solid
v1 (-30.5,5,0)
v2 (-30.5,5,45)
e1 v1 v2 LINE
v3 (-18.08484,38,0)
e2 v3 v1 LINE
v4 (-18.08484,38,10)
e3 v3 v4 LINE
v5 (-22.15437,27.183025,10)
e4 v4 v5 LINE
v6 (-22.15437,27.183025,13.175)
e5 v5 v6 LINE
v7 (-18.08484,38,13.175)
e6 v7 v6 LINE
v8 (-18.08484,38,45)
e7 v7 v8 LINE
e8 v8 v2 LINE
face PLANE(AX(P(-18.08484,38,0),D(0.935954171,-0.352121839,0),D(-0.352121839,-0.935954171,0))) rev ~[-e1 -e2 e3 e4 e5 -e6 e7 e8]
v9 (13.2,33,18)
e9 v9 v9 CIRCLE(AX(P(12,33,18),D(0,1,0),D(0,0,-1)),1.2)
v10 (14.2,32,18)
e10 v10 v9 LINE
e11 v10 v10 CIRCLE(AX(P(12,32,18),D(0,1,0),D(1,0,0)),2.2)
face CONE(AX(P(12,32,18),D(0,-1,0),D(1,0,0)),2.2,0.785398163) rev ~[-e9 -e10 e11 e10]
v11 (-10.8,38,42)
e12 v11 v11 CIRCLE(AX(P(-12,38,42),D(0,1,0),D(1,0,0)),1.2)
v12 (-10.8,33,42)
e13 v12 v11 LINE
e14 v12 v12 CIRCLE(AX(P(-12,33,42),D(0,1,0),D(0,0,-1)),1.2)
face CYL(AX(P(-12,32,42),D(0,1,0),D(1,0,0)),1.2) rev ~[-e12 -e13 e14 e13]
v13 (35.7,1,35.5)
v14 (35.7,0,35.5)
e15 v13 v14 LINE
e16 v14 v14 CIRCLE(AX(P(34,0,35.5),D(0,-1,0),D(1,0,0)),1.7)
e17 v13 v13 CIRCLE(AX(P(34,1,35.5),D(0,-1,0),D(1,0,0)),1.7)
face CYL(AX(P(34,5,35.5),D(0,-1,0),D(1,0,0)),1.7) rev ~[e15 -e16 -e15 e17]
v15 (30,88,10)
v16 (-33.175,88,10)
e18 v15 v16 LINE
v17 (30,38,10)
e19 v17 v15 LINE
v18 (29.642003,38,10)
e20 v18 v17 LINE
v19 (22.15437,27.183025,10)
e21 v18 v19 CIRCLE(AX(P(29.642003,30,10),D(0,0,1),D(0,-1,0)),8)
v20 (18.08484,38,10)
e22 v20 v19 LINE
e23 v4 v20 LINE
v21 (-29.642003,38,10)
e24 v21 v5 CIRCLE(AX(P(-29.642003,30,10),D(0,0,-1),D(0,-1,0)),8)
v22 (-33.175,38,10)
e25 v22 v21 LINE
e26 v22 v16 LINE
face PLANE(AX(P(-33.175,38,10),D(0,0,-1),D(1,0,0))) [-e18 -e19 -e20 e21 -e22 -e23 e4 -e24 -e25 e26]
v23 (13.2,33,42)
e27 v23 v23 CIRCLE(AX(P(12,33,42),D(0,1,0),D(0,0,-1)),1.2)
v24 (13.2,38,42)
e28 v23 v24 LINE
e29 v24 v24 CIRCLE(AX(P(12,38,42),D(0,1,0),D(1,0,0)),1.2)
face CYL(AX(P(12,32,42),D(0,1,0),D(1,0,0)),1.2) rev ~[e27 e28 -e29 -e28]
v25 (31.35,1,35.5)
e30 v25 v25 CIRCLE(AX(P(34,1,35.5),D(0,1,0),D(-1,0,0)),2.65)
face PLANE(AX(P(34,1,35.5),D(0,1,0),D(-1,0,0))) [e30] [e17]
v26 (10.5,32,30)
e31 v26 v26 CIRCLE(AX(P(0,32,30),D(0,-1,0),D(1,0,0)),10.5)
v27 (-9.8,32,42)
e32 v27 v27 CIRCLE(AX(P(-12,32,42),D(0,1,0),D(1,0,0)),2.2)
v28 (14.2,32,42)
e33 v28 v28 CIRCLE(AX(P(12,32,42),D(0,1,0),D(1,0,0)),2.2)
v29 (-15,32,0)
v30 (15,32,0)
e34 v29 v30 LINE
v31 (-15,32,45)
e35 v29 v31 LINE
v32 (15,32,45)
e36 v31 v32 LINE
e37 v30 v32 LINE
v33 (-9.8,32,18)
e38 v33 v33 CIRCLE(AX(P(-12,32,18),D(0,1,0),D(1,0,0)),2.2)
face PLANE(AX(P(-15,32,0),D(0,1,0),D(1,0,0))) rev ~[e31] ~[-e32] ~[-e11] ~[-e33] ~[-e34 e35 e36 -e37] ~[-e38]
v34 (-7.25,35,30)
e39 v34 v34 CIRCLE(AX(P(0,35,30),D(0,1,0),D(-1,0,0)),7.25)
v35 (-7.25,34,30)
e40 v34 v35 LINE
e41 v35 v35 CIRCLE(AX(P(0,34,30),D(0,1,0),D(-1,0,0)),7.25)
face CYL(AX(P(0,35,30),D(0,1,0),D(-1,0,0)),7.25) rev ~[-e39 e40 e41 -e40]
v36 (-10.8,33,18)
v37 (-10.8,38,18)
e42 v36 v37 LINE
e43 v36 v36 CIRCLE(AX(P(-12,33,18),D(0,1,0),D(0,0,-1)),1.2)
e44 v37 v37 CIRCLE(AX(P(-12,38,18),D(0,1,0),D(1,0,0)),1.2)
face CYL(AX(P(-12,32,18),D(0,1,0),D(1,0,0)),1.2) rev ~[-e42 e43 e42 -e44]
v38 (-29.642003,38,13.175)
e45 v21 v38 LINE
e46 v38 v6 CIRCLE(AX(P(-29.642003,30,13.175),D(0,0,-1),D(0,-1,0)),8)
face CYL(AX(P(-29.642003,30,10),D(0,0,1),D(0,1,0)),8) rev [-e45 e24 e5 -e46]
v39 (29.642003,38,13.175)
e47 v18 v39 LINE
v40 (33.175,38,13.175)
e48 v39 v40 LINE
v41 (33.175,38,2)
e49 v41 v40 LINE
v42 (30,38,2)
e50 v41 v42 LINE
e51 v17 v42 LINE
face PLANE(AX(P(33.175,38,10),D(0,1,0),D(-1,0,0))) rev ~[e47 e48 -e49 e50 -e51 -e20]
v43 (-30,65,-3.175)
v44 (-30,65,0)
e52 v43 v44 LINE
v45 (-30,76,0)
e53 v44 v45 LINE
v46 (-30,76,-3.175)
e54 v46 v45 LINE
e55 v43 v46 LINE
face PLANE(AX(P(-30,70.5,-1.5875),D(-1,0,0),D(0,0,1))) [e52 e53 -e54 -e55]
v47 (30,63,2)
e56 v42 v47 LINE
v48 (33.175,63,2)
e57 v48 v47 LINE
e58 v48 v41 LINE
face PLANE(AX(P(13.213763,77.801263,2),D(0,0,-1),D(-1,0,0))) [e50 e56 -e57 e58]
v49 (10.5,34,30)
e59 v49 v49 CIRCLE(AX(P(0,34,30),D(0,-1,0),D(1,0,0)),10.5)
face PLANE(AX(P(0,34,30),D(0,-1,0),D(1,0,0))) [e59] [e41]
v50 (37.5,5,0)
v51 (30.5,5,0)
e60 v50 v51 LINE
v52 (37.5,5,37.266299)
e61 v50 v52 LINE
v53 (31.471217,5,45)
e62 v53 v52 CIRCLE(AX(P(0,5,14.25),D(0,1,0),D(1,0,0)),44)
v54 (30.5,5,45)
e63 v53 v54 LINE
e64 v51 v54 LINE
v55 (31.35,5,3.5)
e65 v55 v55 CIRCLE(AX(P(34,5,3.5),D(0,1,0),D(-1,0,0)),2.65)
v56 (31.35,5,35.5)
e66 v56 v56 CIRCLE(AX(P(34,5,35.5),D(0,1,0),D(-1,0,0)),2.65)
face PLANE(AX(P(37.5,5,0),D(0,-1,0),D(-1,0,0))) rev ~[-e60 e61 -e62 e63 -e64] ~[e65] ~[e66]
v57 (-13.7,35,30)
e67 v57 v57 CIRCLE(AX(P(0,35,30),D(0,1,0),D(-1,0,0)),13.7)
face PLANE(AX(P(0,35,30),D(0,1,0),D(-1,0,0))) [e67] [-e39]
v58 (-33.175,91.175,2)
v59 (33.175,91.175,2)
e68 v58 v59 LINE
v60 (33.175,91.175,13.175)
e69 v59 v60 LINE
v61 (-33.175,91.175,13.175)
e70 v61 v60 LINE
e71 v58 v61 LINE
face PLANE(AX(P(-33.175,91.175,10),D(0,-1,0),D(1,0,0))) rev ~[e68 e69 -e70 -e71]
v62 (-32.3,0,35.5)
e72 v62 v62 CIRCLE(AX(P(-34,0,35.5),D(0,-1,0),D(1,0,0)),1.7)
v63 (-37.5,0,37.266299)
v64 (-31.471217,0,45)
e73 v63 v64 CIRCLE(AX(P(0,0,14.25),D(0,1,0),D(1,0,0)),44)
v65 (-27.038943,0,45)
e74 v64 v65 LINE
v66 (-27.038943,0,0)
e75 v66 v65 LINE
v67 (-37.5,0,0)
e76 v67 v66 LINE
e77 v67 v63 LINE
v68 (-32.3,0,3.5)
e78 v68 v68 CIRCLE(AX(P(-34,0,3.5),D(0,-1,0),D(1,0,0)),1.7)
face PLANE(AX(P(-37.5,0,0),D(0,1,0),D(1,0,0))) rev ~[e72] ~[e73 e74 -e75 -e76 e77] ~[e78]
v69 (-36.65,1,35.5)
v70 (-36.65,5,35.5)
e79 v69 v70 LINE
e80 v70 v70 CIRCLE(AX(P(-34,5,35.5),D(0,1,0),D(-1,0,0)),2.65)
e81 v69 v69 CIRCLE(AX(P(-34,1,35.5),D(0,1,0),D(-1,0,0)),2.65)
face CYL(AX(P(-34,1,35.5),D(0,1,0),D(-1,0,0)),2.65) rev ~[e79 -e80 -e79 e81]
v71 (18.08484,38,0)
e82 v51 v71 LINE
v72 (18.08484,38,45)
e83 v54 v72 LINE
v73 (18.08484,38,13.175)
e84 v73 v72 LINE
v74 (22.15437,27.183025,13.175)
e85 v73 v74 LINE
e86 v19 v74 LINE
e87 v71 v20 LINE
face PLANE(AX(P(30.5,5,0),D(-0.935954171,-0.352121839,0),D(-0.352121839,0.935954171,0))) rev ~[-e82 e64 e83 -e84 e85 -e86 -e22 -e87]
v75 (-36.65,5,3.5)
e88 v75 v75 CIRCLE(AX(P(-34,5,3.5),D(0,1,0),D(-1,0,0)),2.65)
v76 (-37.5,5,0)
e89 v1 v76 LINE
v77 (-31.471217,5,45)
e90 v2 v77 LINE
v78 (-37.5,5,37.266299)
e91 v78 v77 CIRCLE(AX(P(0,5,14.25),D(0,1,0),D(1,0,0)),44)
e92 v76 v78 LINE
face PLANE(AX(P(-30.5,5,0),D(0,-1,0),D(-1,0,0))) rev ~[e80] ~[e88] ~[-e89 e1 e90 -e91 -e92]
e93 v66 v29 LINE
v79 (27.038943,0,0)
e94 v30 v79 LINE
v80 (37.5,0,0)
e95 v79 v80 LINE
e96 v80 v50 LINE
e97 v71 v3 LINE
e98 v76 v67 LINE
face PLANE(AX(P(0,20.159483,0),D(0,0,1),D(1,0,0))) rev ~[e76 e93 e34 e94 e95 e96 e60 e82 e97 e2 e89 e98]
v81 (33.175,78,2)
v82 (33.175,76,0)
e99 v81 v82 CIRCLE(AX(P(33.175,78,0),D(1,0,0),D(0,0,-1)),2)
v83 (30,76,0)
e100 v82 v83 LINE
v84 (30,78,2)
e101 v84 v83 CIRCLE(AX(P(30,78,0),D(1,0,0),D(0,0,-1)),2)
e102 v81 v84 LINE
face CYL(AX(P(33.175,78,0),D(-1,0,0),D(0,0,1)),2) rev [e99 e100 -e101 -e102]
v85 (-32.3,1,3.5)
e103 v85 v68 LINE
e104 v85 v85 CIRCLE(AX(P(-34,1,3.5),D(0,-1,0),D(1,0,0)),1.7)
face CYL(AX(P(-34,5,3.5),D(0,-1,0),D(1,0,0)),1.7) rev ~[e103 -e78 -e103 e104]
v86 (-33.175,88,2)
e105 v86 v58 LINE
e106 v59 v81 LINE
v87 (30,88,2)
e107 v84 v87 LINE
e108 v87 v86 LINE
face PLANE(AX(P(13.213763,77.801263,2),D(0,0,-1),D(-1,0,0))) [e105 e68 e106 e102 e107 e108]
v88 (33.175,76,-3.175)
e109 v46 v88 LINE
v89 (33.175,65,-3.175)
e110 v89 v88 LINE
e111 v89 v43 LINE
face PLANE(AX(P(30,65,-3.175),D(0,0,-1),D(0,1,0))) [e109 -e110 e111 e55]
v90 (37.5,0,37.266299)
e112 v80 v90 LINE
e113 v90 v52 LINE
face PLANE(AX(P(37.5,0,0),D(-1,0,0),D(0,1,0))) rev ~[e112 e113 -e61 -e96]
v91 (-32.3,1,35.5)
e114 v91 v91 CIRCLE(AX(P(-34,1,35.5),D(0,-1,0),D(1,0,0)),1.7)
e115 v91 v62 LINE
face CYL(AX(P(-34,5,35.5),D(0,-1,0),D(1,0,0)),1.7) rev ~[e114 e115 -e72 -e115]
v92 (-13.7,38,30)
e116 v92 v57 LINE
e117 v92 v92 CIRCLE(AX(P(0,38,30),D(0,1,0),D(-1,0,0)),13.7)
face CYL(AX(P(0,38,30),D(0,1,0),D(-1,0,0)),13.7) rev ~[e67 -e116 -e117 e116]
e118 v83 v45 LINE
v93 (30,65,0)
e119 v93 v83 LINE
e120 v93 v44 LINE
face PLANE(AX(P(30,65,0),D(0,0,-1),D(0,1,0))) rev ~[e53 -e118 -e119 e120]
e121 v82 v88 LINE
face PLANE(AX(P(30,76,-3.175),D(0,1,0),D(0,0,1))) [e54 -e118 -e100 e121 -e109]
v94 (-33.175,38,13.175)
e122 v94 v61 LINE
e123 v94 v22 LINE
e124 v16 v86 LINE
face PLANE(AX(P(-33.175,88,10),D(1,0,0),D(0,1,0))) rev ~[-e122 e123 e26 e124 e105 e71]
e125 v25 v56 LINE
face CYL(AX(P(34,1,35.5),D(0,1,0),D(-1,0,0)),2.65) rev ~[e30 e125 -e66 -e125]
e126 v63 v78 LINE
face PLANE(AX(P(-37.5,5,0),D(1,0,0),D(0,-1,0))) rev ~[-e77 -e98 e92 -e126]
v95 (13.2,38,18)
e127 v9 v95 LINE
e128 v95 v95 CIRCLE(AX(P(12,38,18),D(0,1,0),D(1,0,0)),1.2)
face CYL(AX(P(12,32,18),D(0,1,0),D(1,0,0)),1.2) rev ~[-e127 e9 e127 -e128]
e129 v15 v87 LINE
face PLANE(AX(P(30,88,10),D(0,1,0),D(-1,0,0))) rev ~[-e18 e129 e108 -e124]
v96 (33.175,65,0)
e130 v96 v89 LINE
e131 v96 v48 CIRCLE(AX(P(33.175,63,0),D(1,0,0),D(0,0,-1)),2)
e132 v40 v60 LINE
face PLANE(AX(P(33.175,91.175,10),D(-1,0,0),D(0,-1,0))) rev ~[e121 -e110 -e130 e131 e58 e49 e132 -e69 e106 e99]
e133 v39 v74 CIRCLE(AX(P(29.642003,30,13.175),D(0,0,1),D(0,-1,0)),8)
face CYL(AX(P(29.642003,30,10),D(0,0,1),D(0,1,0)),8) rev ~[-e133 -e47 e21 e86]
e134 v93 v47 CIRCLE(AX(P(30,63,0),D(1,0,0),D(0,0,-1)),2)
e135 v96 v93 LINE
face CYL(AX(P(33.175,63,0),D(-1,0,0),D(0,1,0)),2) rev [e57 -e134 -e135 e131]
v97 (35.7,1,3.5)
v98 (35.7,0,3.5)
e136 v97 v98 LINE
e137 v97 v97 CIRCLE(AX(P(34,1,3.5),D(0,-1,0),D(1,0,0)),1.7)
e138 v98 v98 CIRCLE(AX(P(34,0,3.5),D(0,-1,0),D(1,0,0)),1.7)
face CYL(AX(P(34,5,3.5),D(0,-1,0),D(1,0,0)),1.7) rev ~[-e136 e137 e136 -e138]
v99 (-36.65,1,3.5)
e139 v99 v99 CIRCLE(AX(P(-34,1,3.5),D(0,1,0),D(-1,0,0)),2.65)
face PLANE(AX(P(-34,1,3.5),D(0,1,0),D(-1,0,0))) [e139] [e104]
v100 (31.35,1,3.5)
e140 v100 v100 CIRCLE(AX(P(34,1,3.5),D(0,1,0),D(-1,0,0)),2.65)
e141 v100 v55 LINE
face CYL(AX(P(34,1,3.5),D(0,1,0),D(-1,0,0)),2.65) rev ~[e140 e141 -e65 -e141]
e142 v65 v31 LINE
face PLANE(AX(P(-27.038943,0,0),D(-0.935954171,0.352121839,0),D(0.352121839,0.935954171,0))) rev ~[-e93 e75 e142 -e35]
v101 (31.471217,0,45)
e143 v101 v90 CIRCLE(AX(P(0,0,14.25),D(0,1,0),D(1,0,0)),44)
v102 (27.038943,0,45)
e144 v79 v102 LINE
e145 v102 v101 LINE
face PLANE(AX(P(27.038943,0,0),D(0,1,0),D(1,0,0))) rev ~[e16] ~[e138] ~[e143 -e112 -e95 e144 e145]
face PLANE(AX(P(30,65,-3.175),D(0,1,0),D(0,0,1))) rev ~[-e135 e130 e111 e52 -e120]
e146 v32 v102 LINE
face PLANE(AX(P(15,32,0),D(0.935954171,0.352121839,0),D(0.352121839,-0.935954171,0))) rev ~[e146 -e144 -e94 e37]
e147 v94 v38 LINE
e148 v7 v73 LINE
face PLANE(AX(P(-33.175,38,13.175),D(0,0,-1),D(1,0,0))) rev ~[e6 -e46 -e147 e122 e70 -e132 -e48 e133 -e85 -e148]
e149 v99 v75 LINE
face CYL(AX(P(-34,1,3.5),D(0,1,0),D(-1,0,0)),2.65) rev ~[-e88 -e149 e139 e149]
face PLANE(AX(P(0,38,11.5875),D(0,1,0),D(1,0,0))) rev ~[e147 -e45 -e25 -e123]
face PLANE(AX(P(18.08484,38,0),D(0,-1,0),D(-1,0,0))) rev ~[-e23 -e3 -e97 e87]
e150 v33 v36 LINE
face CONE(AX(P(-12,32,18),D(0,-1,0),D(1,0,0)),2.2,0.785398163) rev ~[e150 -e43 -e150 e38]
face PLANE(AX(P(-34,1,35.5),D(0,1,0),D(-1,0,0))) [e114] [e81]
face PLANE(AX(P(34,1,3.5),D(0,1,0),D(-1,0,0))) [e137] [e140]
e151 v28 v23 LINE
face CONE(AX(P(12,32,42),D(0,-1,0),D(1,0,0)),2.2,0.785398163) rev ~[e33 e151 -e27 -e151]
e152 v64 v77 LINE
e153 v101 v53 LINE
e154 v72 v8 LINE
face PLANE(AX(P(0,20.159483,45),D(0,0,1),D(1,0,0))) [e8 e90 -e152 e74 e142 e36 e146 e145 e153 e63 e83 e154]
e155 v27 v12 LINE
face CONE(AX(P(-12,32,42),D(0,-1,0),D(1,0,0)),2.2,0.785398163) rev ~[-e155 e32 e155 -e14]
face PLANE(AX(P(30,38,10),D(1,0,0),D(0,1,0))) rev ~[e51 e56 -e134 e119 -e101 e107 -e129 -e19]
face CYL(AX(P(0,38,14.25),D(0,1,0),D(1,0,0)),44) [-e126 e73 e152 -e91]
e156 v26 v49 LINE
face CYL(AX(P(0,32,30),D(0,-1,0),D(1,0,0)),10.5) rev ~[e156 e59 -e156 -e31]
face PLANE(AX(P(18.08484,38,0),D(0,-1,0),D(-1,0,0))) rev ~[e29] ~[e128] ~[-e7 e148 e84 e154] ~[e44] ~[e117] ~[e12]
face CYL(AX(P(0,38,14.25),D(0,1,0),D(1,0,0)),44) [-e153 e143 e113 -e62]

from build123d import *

# Parameters (mm, degrees)
BOSS_EXTRUDE1_DEPTH                             = 45
SKETCH3_R                                       = 13.7
CUT_EXTRUDE1_DEPTH                              = 3
CSK_FOR_M2_FLAT_HEAD_MACHINE_SCREW1_D           = 2.4
CSK_FOR_M2_FLAT_HEAD_MACHINE_SCREW1_CSINK_D     = 4.4
CSK_FOR_M2_FLAT_HEAD_MACHINE_SCREW1_CSINK_ANGLE = 90
SKETCH10_R                                      = 7.25
CUT_EXTRUDE2_DEPTH                              = 69.23672032
SKETCH15_R                                      = 48.495489481
SKETCH15_R_2                                    = 44
CUT_EXTRUDE4_DEPTH                              = 70.822990483
SKETCH11_R                                      = 10.5
CUT_EXTRUDE3_DEPTH                              = 2
CBORE_FOR_M5_HEX_HEAD_BOLT1_D                   = 3.4
CBORE_FOR_M5_HEX_HEAD_BOLT1_CBORE_D             = 5.3
CBORE_FOR_M5_HEX_HEAD_BOLT1_CBORE_DEPTH         = 4
SKETCH19_W                                      = 66.35
SKETCH19_H                                      = 3.175
BOSS_EXTRUDE5_DEPTH                             = 53.175
BOSS_EXTRUDE9_DEPTH                             = 8
FILLET2_R                                       = 8
FILLET3_R                                       = 8
SKETCH24_W                                      = 3.175
SKETCH24_H                                      = 11
BOSS_EXTRUDE10_DEPTH                            = 5.175
SKETCH25_W                                      = 3.175
SKETCH25_H                                      = 11
BOSS_EXTRUDE11_DEPTH                            = 60
FILLET4_R                                       = 2


with BuildPart() as part:
    # Sketch1 → Boss-Extrude1 (new body)
    with BuildSketch(Plane.XY):
        Polygon((-37.5, 0), (-27.038942926, 0), (-15, 32), (15, 32), (27.038942926, 0), (37.5, 0), (37.5, 5), (30.5, 5), (18.084840108, 38), (-18.084840108, 38), (-30.5, 5), (-37.5, 5), align=None)
    extrude(amount=BOSS_EXTRUDE1_DEPTH)

    # Sketch3 → Cut-Extrude1 (cut)
    with BuildSketch(Plane(origin=(0, 38, 0), x_dir=(1, 0, 0), z_dir=(0, 1, 0))):
        with Locations(Location((0, -30, 0), (0, 0, 180))):
            Circle(SKETCH3_R)
    extrude(amount=-CUT_EXTRUDE1_DEPTH, mode=Mode.SUBTRACT)

    # CSK for M2 Flat Head Machine Screw1 (through all)
    with Locations(Plane(origin=(0, 32, 0), x_dir=(-1, 0, 0), z_dir=(0, -1, 0))):
        with Locations((12, -42), (-12, -42), (-12, -18), (12, -18)):
            CounterSinkHole(CSK_FOR_M2_FLAT_HEAD_MACHINE_SCREW1_D / 2, CSK_FOR_M2_FLAT_HEAD_MACHINE_SCREW1_CSINK_D / 2, counter_sink_angle=CSK_FOR_M2_FLAT_HEAD_MACHINE_SCREW1_CSINK_ANGLE)

    # Sketch10 → Cut-Extrude2 (cut, through all)
    with BuildSketch(Plane(origin=(0, 35, 0), x_dir=(1, 0, 0), z_dir=(0, 1, 0))):
        with Locations(Location((0, -30, 0), (0, 0, 180))):
            Circle(SKETCH10_R)
    extrude(amount=-CUT_EXTRUDE2_DEPTH, mode=Mode.SUBTRACT)

    # Sketch15 → Cut-Extrude4 (cut, through all)
    with BuildSketch(Plane(origin=(0, 38, 0), x_dir=(1, 0, 0), z_dir=(0, 1, 0))):
        with Locations((0, -14.25)):
            Circle(SKETCH15_R)
        with Locations((0, -14.25)):
            Circle(SKETCH15_R_2, mode=Mode.SUBTRACT)
    extrude(amount=-CUT_EXTRUDE4_DEPTH, mode=Mode.SUBTRACT)

    # Sketch11 → Cut-Extrude3 (cut)
    with BuildSketch(Plane.XZ.offset(-32)):
        with Locations((0, 30)):
            Circle(SKETCH11_R)
    extrude(amount=-CUT_EXTRUDE3_DEPTH, mode=Mode.SUBTRACT)

    # CBORE for M5 Hex Head Bolt1 (through all)
    with Locations(Plane(origin=(0, 5, 0), x_dir=(-1, 0, 0), z_dir=(0, 1, 0))):
        with Locations((34, 35.5), (34, 3.5), (-34, 3.5), (-34, 35.5)):
            CounterBoreHole(CBORE_FOR_M5_HEX_HEAD_BOLT1_D / 2, CBORE_FOR_M5_HEX_HEAD_BOLT1_CBORE_D / 2, CBORE_FOR_M5_HEX_HEAD_BOLT1_CBORE_DEPTH)

    # Sketch19 → Boss-Extrude5 (add)
    with BuildSketch(Plane(origin=(0, 38, 0), x_dir=(1, 0, 0), z_dir=(0, 1, 0))):
        with Locations((0, -11.5875)):
            Rectangle(SKETCH19_W, SKETCH19_H)
    extrude(amount=BOSS_EXTRUDE5_DEPTH)

    # Sketch23 → Boss-Extrude9 (add)
    with BuildSketch(Plane(origin=(0, 0, 10), x_dir=(-1, 0, 0), z_dir=(0, 0, -1))):
        Polygon((-33.175, 38), (-30, 38), (-30, 88), (33.175, 88), (33.175, 91.175), (-33.175, 91.175), align=None)
    extrude(amount=BOSS_EXTRUDE9_DEPTH)

    # Fillet2
    fillet2_edges = [part.edges().sort_by_distance(p)[0] for p in [
        (18.084840108, 38, 11.5875),
    ]]
    fillet(fillet2_edges, radius=FILLET2_R)

    # Fillet3
    fillet3_edges = [part.edges().sort_by_distance(p)[0] for p in [
        (-18.084840108, 38, 11.5875),
    ]]
    fillet(fillet3_edges, radius=FILLET3_R)

    # Sketch24 → Boss-Extrude10 (add)
    with BuildSketch(Plane(origin=(0, 0, 2), x_dir=(-1, 0, 0), z_dir=(0, 0, -1))):
        with Locations((-31.5875, 70.5)):
            Rectangle(SKETCH24_W, SKETCH24_H)
    extrude(amount=BOSS_EXTRUDE10_DEPTH)

    # Sketch25 → Boss-Extrude11 (add)
    with BuildSketch(Plane.ZY.offset(-30)):
        with Locations((-1.5875, 70.5)):
            Rectangle(SKETCH25_W, SKETCH25_H)
    extrude(amount=BOSS_EXTRUDE11_DEPTH)

    # Fillet4
    fillet4_edges = [part.edges().sort_by_distance(p)[0] for p in [
        (31.5875, 76, 2),
        (31.5875, 65, 2),
    ]]
    fillet(fillet4_edges, radius=FILLET4_R)


solid = part.part
